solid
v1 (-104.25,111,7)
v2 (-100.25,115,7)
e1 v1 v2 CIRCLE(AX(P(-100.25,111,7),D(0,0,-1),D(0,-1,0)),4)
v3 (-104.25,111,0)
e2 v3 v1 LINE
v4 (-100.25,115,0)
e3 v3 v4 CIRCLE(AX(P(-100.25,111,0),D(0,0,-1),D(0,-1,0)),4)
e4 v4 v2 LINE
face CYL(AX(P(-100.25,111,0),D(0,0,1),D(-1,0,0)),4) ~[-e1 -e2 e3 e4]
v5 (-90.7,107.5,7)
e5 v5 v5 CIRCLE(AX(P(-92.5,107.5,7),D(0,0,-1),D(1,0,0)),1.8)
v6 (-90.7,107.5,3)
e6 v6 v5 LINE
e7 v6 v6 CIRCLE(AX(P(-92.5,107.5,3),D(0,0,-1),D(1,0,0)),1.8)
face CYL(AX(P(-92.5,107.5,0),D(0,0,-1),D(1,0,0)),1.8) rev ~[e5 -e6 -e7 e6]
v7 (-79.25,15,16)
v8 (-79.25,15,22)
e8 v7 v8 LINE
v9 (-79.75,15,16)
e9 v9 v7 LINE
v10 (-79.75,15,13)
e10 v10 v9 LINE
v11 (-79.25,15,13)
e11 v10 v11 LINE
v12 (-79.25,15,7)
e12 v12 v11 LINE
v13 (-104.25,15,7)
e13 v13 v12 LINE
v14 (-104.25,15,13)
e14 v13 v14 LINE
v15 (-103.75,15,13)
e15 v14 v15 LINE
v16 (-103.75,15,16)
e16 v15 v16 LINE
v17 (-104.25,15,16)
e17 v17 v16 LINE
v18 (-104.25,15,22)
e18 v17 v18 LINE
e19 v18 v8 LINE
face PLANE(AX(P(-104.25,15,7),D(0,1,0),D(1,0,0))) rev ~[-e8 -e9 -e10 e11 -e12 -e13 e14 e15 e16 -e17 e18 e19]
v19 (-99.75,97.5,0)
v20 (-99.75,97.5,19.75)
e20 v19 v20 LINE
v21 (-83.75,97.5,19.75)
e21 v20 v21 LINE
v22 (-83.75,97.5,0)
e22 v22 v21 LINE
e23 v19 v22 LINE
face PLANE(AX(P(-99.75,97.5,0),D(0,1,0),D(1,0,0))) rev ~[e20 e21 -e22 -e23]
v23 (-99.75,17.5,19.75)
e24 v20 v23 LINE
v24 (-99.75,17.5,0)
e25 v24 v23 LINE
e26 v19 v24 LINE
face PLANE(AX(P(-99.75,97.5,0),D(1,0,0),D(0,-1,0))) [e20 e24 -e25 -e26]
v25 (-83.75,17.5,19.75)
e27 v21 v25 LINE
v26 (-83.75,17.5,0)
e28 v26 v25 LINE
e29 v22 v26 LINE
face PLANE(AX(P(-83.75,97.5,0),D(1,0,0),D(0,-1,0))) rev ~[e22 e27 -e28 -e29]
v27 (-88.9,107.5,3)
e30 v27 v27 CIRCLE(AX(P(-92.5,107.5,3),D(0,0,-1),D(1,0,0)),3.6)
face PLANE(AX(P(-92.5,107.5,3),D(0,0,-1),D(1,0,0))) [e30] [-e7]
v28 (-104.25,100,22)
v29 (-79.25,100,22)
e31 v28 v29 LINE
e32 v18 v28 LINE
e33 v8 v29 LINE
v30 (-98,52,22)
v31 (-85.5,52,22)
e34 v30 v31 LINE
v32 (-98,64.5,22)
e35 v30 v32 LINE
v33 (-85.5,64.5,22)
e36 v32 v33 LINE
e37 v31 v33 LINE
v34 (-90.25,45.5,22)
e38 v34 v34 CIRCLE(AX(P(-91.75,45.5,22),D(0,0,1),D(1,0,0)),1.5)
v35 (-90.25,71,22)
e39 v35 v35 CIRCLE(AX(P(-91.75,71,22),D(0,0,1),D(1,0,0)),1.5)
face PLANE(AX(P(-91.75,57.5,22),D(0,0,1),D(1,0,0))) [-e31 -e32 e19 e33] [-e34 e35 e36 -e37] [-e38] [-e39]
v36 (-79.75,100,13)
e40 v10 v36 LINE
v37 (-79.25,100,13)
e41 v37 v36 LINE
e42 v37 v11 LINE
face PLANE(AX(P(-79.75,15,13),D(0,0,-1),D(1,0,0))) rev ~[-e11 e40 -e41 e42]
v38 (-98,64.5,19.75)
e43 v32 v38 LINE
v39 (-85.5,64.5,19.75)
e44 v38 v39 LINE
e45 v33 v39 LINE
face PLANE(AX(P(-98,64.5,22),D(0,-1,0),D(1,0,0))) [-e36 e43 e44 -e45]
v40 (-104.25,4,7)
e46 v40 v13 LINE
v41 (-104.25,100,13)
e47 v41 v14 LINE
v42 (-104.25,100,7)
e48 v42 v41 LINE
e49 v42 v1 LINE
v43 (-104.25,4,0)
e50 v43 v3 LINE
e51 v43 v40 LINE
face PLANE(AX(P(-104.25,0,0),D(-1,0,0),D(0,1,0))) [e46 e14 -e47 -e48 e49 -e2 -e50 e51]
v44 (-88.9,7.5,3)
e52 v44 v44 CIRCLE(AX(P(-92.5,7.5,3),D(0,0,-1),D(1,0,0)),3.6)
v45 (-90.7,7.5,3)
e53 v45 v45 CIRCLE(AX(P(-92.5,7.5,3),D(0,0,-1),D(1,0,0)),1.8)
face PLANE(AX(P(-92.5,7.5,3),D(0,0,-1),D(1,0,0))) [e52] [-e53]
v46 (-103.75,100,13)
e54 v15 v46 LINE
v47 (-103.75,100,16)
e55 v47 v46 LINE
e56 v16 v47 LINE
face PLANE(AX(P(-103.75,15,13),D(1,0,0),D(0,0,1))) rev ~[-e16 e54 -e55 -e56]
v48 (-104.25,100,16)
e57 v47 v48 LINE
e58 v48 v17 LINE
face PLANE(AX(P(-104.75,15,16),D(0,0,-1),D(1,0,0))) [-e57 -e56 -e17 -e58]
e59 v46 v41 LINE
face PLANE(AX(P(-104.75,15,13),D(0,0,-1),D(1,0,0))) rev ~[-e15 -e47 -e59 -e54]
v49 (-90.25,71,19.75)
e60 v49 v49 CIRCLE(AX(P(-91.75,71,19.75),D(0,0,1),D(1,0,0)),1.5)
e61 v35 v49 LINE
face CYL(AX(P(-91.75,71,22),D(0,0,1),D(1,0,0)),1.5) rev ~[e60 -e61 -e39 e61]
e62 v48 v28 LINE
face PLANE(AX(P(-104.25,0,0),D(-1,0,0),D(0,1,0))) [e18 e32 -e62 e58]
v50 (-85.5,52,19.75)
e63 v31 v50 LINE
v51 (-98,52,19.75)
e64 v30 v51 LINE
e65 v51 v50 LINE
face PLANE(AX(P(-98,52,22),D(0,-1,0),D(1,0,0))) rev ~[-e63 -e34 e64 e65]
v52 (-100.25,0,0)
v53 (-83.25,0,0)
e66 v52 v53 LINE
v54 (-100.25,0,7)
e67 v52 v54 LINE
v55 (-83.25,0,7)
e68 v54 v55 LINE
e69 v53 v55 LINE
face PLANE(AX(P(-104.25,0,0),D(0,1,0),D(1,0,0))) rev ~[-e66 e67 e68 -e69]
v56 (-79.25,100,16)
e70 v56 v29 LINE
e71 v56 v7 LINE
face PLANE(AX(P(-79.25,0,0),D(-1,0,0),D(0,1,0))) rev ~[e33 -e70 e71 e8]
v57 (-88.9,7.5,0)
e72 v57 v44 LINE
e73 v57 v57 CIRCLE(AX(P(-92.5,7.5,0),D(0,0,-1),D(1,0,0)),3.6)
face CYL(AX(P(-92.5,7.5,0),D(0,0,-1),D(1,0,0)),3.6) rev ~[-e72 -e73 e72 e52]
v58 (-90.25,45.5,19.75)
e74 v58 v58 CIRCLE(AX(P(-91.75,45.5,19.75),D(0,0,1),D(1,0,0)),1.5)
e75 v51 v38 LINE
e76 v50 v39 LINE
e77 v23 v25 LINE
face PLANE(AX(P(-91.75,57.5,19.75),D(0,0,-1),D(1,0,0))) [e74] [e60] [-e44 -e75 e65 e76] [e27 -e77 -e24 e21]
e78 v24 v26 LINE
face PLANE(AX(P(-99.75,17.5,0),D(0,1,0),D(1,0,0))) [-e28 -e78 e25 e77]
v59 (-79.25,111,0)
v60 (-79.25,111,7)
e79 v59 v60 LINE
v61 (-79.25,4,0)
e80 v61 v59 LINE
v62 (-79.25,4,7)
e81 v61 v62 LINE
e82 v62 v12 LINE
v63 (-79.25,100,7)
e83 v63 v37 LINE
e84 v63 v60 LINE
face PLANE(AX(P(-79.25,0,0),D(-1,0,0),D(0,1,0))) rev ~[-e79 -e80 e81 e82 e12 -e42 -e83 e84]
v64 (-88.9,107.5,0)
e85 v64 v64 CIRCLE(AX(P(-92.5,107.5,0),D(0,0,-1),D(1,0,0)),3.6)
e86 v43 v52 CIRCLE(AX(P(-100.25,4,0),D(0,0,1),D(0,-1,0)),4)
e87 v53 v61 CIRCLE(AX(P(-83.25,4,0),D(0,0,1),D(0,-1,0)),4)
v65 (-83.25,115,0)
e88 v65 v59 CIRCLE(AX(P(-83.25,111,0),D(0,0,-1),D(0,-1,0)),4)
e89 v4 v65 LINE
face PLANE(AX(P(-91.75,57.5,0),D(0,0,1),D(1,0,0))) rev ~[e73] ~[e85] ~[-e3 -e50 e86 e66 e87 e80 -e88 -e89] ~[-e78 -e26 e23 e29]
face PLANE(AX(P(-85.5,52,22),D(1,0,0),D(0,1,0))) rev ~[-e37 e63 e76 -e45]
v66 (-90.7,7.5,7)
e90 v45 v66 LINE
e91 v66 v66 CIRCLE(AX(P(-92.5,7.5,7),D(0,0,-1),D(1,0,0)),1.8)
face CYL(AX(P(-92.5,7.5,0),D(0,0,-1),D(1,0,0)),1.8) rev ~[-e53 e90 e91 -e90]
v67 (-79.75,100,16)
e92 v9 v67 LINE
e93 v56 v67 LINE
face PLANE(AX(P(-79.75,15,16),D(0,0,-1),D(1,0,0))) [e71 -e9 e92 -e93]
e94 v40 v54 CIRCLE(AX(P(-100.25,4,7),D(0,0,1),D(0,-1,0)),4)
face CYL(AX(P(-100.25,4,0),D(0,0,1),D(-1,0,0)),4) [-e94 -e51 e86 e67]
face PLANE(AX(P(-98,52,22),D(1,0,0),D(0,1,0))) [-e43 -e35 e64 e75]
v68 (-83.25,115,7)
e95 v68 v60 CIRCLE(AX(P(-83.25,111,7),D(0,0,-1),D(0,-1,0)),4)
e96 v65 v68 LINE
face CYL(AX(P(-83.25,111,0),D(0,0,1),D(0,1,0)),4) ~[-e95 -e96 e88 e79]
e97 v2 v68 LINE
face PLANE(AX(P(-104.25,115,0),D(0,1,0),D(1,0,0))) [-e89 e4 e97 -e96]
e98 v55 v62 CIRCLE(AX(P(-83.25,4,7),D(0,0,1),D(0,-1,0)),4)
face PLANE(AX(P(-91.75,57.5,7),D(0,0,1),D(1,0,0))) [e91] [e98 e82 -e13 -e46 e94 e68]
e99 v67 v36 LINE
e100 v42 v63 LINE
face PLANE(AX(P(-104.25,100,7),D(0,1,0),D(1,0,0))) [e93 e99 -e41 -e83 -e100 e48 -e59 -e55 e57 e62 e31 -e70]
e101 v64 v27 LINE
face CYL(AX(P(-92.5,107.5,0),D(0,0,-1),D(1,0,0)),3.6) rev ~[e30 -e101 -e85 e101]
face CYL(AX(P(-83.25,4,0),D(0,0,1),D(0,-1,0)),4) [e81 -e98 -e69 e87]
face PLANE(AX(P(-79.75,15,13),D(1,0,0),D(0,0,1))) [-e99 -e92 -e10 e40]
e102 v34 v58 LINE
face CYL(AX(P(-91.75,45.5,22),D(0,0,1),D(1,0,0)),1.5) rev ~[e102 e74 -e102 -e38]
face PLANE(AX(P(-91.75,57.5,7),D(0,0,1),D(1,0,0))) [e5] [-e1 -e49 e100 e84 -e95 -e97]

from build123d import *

# Parameters (mm, degrees)
SKETCH019_W     = 25
SKETCH019_H     = 115
PAD002_DEPTH    = 7
SKETCH020_W     = 25
SKETCH020_H     = 85
PAD003_DEPTH    = 15
SKETCH021_W     = 12.5
SKETCH021_H     = 12.5
POCKET017_DEPTH = 22.001
SKETCH022_R     = 1.5
POCKET018_DEPTH = 22.001
SKETCH023_W     = 16
SKETCH023_H     = 80
POCKET019_DEPTH = 19.75
SKETCH024_W     = 1
SKETCH024_H     = 3
POCKET020_DEPTH = 100.001
SKETCH025_R     = 1.8
POCKET021_DEPTH = 22.001
SKETCH026_R     = 3.6
POCKET022_DEPTH = 3
FILLET004_R     = 4


with BuildPart() as part:
    # Sketch019 → Pad002 (new body)
    with BuildSketch(Plane.XY):
        with Locations((-91.75, 57.5)):
            Rectangle(SKETCH019_W, SKETCH019_H)
    extrude(amount=PAD002_DEPTH)

    # Sketch020 → Pad003 (new body)
    with BuildSketch(Plane.XY.offset(7)):
        with Locations((-91.75, 57.5)):
            Rectangle(SKETCH020_W, SKETCH020_H)
    extrude(amount=PAD003_DEPTH)

    # Sketch021 → Pocket017 (cut, through all)
    with BuildSketch(Plane.XY.offset(22)):
        with Locations((-91.75, 58.25)):
            Rectangle(SKETCH021_W, SKETCH021_H)
    extrude(amount=-POCKET017_DEPTH, mode=Mode.SUBTRACT)

    # Sketch022 → Pocket018 (cut, through all)
    with BuildSketch(Plane.XY.offset(22)):
        with Locations((-91.75, 71)):
            Circle(SKETCH022_R)
        with Locations((-91.75, 45.5)):
            Circle(SKETCH022_R)
    extrude(amount=-POCKET018_DEPTH, mode=Mode.SUBTRACT)

    # Sketch023 → Pocket019 (cut)
    with BuildSketch(Plane(origin=(0, 0, 0), x_dir=(1, 0, 0), z_dir=(0, 0, -1))):
        with Locations((-91.75, -57.5)):
            Rectangle(SKETCH023_W, SKETCH023_H)
    extrude(amount=-POCKET019_DEPTH, mode=Mode.SUBTRACT)

    # Sketch024 → Pocket020 (cut, through all)
    with BuildSketch(Plane.XZ.offset(-15)):
        with Locations((-104.25, 14.5)):
            Rectangle(SKETCH024_W, SKETCH024_H)
        with Locations((-79.25, 14.5)):
            Rectangle(SKETCH024_W, SKETCH024_H)
    extrude(amount=-POCKET020_DEPTH, mode=Mode.SUBTRACT)

    # Sketch025 → Pocket021 (cut, through all)
    with BuildSketch(Plane(origin=(0, 0, 0), x_dir=(1, 0, 0), z_dir=(0, 0, -1))):
        with Locations((-92.5, -107.5)):
            Circle(SKETCH025_R)
        with Locations((-92.5, -7.5)):
            Circle(SKETCH025_R)
    extrude(amount=-POCKET021_DEPTH, mode=Mode.SUBTRACT)

    # Sketch026 → Pocket022 (cut)
    with BuildSketch(Plane(origin=(0, 0, 0), x_dir=(1, 0, 0), z_dir=(0, 0, -1))):
        with Locations((-92.5, -7.5)):
            Circle(SKETCH026_R)
        with Locations((-92.5, -107.5)):
            Circle(SKETCH026_R)
    extrude(amount=-POCKET022_DEPTH, mode=Mode.SUBTRACT)

    # Fillet004
    fillet004_edges = [part.edges().sort_by_distance(p)[0] for p in [
        (-104.25, 115, 3.5),
        (-79.25, 115, 3.5),
        (-79.25, 0, 3.5),
        (-104.25, 0, 3.5),
    ]]
    fillet(fillet004_edges, radius=FILLET004_R)


solid = part.part
